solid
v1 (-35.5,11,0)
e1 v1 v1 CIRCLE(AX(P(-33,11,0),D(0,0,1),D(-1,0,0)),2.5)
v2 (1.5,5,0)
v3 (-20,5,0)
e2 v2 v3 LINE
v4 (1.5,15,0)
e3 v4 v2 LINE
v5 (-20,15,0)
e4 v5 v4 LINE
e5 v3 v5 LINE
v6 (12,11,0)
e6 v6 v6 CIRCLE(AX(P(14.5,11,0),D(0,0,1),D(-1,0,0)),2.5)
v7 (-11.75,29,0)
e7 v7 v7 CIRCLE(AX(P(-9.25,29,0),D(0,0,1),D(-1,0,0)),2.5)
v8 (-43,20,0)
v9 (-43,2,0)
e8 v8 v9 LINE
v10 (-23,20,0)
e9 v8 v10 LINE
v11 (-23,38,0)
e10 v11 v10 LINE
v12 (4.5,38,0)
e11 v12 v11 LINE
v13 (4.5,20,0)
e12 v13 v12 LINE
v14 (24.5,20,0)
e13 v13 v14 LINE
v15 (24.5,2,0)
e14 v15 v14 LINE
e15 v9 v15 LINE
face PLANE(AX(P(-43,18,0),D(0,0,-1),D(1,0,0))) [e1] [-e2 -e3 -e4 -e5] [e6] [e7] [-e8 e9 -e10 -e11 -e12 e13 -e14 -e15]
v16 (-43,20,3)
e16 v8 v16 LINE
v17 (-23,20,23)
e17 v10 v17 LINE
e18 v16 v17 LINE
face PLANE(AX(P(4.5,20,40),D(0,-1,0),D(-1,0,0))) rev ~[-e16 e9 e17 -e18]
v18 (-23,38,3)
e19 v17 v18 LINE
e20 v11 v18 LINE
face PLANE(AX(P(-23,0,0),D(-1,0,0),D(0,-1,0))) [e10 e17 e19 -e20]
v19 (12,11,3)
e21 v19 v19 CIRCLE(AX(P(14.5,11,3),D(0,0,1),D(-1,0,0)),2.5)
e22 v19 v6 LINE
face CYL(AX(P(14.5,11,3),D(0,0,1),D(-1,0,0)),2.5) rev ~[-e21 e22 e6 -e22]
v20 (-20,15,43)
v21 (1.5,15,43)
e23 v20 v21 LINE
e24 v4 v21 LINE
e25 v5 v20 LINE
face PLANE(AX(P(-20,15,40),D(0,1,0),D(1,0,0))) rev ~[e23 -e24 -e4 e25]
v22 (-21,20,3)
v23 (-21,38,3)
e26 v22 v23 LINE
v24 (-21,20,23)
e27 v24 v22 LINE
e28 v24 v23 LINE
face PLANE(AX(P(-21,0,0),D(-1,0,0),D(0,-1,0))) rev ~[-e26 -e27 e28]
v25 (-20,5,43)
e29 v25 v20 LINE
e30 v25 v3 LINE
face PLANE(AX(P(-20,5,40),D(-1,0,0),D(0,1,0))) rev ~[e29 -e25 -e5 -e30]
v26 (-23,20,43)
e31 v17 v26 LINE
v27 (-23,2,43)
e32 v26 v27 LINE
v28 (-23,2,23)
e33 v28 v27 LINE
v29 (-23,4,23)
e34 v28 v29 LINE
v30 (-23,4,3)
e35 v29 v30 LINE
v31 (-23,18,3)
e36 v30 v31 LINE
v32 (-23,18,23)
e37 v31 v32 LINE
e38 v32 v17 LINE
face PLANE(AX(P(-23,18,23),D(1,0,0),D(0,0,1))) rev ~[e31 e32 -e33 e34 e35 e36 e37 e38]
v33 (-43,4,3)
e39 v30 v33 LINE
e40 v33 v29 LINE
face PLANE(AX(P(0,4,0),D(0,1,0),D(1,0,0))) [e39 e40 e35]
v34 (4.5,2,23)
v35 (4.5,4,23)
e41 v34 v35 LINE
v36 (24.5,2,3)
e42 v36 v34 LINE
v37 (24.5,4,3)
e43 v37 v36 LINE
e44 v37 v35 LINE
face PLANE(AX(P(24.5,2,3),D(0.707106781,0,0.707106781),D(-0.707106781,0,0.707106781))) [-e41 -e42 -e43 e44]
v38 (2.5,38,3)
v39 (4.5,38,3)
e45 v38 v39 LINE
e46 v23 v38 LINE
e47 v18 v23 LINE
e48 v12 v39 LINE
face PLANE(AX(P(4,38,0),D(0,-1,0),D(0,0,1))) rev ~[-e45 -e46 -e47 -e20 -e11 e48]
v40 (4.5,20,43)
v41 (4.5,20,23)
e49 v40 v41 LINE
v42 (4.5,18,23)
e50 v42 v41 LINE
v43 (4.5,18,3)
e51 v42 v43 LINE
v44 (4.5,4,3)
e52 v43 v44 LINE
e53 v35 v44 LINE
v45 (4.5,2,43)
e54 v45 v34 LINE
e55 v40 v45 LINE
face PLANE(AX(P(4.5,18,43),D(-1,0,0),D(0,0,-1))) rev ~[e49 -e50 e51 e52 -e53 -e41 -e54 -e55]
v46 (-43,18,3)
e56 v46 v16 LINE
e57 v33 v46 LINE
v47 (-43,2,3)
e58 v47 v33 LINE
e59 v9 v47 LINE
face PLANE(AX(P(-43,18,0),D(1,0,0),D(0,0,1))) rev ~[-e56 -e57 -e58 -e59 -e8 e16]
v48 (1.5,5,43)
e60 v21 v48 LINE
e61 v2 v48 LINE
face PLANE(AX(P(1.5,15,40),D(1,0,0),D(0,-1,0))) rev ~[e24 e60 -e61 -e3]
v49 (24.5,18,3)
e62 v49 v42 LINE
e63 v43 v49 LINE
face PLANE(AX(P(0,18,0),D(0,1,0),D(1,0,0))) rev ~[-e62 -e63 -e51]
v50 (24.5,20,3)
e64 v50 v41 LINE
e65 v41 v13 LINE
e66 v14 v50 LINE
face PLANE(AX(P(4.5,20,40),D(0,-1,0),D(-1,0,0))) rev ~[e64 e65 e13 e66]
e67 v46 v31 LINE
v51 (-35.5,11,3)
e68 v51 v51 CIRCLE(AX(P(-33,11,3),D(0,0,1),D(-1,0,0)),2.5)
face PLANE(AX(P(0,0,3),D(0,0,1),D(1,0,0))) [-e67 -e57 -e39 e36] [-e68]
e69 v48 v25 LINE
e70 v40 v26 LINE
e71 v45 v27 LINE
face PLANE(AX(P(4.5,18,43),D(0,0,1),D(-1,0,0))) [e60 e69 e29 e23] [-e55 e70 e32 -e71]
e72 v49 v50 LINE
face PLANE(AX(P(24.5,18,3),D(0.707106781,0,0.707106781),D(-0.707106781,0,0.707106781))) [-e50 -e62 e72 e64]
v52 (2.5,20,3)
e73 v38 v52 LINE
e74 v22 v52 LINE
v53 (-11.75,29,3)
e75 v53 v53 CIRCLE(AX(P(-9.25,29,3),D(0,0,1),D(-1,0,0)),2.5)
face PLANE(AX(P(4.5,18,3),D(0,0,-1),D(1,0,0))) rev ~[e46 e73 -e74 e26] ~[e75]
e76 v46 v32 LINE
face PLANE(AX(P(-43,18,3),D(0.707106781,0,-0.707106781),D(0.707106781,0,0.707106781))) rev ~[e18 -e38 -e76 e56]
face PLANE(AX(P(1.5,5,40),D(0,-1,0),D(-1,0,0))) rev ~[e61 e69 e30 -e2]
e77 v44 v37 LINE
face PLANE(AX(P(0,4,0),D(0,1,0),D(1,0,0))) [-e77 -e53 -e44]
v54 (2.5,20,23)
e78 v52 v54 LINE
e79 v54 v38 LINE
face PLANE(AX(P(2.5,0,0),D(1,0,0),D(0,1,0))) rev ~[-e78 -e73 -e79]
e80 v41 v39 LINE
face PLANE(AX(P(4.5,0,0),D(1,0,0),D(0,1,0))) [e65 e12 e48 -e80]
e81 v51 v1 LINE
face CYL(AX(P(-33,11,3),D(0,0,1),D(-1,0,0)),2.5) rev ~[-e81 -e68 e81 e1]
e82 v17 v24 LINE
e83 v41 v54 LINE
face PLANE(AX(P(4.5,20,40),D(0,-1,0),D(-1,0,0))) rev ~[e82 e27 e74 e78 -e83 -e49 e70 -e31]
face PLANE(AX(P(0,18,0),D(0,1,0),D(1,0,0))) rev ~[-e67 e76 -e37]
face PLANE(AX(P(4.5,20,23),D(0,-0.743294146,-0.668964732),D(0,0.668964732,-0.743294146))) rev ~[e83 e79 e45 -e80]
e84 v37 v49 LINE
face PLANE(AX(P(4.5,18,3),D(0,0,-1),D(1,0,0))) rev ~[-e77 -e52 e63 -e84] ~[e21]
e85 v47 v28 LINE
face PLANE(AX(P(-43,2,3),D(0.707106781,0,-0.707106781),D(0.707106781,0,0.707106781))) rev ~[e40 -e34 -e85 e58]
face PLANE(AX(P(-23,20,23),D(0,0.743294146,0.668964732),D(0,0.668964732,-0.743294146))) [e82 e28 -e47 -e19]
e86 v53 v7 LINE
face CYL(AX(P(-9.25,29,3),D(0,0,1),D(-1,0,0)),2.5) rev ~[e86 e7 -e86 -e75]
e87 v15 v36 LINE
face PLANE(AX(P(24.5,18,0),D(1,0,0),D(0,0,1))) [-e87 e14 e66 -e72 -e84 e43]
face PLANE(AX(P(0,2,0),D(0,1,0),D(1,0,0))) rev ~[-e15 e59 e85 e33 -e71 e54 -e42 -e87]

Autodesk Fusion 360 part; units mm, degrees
sketch "Szkic1" plane through (0, 0, 0) normal (0, 0, 1) x (1, 0, 0)
  line L0 (-20, 15) -> (1.5, 15)
  line L1 (1.5, 15) -> (1.5, 5)
  line L2 (1.5, 5) -> (-20, 5)
  line L3 (-20, 5) -> (-20, 15)
  line L4 (-23, 18) -> (4.5, 18)
  line L5 (4.5, 18) -> (4.5, 2)
  line L6 (4.5, 2) -> (-23, 2)
  line L7 (-23, 2) -> (-23, 18)
  line L8 (-43, 18) -> (24.5, 18)
  line L9 (24.5, 18) -> (24.5, 2)
  line L10 (24.5, 2) -> (-43, 2)
  line L11 (-43, 2) -> (-43, 18)
  line L12 (-23, 18) -> (4, 18)
  line L13 (4, 18) -> (4, 38)
  line L14 (4, 38) -> (-23, 38)
  line L15 (-23, 38) -> (-23, 18)
  dimension "d1" = 21.5
  dimension "d2" = 10
  dimension "d3" = 3
  dimension "d4" = 3
  dimension "d5" = 3
  dimension "d6" = 3
  dimension "d7" = 20
  dimension "d8" = 20
extrude "Wyciągnięcie proste4" add sketch "Szkic1" along normal blind 3 contours L4 L8 L12 L13 L14 L15 | L7 L8 L10 L11 | L5 L8 L9 L10 makes body 1 at (-36.3333, 12.6667, 0) makes body 2 at (17.8333, 7.3333, 0)
extrude "Wyciągnięcie proste5" add sketch "Szkic1" along normal blind 30 contours L4 L5 L6 L7 L8 L10 L12 bodies 1 2
extrude "Extrude6" add 1 faces at (-12.8333, 3, 30) along direction (0, 0, 1) blind 10 on bodies 1 bodies 1
extrude "Extrude7" add 1 faces at (-12.8333, 3, 40) along direction (0, 0, 1) blind 3 on bodies 1 bodies 1
sketch "Sketch2" plane through (0, 0, 0) normal (0, 1, 0) x (1, 0, 0)
  line L0 (-43, -3) -> (-23, -23)
  line L1 (-23, -23) -> (-23, -3)
  line L2 (-23, -3) -> (-43, -3)
  line L3 (24.5, -3) -> (4.5, -23)
  line L4 (4.5, -23) -> (4.5, -3)
  line L5 (4.5, -3) -> (24.5, -3)
  dimension "d23" = 135
extrude "Extrude8" add sketch "Sketch2" along normal blind 2 from surface at 2 contours L0 L1 L2 bodies 1
extrude "Extrude9" add sketch "Sketch2" along normal blind 2 from surface at 2 contours L3 L4 L5 bodies 1
extrude "Extrude10" add 1 faces at (4, 24.6667, 1) along direction (1, 0, 0) blind 0.5 on bodies 1 bodies 1
extrude "Extrude11" add 1 faces at (11.1667, 18, 1) along direction (0, 1, 0) blind 2 on bodies 1 bodies 1
extrude "Extrude12" add sketch "Sketch2" along normal blind 2 from surface at 18 contours L3 L4 L5 bodies 1
extrude "Extrude13" add sketch "Sketch2" along normal blind 2 from surface at 18 separate body contours L0 L1 L2 makes body 3
extrude "Extrude14" add 1 faces at (-36.3333, 18, 1) along direction (0, 1, 0) blind 2 on bodies 1 bodies 1 3
extrude "Extrude15" add 1 faces at (-13.8333, 18, 16.3333) along direction (0, 1, 0) blind 2 on bodies 1 bodies 1
sketch "Sketch3" plane through (4.5, 0, 0) normal (1, 0, 0) x (0, 1, 0)
  line L0 (20, 3) -> (20, 0)
  line L1 (20, 0) -> (38, 0)
  line L2 (38, 0) -> (38, 3)
  line L3 (38, 3) -> (20, 3)
  line L4 (20, 23) -> (38, 3)
  line L5 (20, 3) -> (20, 23)
sketch "Sketch4" plane through (-23, 0, 0) normal (-1, 0, 0) x (0, -1, 0)
  line L0 (-20, 0) -> (-20, 3)
  line L1 (-20, 3) -> (-38, 3)
  line L2 (-38, 3) -> (-38, 0)
  line L3 (-38, 0) -> (-20, 0)
  line L4 (-38, 3) -> (-20, 3)
  line L5 (-20, 23) -> (-38, 3)
  line L6 (-20, 23) -> (-20, 3)
extrude "Extrude16" add sketch "Sketch3" against normal blind 2 contours L3 L4 L5 bodies 1
extrude "Extrude17" add sketch "Sketch4" against normal blind 2 contours L1 L4 L5 L6 bodies 1
sketch "Sketch5" plane through (0, 0, 3) normal (0, 0, 1) x (-1, 0, 0)
  line L0 (-24.5, -18) -> (-4.5, -18)
  line L1 (-4.5, -18) -> (-4.5, -4)
  line L2 (-4.5, -4) -> (-24.5, -4)
  line L3 (-24.5, -4) -> (-24.5, -18)
  circle A0 centre (-14.5, -11) radius 2.5
  circle A1 centre (33, -11) radius 2.5
  line L4 (23, -2) -> (23, -20)
  circle A2 centre (9.25, -29) radius 2.5
  line L5 (21, -38) -> (21, -20)
  line L6 (21, -38) -> (-2.5, -38)
  dimension "d48" = 5
  dimension "d49" = 7
  dimension "d50" = 5
  dimension "d51" = 10
  dimension "d52" = 10
  dimension "d53" = 5
  dimension "d54" = 11.75
  dimension "d55" = 9
extrude "Extrude18" cut sketch "Sketch5" against normal blind 8 contours A0 | A1 | A2 bodies 1
equation "d23 = 180 deg - 45 deg"
equation "d34 = 14.00 mm + 4 mm"
equation "d37 = 14.00 mm + 4 mm"
equation "d54 = ( 23.5 / 2 ) * 1 mm"
